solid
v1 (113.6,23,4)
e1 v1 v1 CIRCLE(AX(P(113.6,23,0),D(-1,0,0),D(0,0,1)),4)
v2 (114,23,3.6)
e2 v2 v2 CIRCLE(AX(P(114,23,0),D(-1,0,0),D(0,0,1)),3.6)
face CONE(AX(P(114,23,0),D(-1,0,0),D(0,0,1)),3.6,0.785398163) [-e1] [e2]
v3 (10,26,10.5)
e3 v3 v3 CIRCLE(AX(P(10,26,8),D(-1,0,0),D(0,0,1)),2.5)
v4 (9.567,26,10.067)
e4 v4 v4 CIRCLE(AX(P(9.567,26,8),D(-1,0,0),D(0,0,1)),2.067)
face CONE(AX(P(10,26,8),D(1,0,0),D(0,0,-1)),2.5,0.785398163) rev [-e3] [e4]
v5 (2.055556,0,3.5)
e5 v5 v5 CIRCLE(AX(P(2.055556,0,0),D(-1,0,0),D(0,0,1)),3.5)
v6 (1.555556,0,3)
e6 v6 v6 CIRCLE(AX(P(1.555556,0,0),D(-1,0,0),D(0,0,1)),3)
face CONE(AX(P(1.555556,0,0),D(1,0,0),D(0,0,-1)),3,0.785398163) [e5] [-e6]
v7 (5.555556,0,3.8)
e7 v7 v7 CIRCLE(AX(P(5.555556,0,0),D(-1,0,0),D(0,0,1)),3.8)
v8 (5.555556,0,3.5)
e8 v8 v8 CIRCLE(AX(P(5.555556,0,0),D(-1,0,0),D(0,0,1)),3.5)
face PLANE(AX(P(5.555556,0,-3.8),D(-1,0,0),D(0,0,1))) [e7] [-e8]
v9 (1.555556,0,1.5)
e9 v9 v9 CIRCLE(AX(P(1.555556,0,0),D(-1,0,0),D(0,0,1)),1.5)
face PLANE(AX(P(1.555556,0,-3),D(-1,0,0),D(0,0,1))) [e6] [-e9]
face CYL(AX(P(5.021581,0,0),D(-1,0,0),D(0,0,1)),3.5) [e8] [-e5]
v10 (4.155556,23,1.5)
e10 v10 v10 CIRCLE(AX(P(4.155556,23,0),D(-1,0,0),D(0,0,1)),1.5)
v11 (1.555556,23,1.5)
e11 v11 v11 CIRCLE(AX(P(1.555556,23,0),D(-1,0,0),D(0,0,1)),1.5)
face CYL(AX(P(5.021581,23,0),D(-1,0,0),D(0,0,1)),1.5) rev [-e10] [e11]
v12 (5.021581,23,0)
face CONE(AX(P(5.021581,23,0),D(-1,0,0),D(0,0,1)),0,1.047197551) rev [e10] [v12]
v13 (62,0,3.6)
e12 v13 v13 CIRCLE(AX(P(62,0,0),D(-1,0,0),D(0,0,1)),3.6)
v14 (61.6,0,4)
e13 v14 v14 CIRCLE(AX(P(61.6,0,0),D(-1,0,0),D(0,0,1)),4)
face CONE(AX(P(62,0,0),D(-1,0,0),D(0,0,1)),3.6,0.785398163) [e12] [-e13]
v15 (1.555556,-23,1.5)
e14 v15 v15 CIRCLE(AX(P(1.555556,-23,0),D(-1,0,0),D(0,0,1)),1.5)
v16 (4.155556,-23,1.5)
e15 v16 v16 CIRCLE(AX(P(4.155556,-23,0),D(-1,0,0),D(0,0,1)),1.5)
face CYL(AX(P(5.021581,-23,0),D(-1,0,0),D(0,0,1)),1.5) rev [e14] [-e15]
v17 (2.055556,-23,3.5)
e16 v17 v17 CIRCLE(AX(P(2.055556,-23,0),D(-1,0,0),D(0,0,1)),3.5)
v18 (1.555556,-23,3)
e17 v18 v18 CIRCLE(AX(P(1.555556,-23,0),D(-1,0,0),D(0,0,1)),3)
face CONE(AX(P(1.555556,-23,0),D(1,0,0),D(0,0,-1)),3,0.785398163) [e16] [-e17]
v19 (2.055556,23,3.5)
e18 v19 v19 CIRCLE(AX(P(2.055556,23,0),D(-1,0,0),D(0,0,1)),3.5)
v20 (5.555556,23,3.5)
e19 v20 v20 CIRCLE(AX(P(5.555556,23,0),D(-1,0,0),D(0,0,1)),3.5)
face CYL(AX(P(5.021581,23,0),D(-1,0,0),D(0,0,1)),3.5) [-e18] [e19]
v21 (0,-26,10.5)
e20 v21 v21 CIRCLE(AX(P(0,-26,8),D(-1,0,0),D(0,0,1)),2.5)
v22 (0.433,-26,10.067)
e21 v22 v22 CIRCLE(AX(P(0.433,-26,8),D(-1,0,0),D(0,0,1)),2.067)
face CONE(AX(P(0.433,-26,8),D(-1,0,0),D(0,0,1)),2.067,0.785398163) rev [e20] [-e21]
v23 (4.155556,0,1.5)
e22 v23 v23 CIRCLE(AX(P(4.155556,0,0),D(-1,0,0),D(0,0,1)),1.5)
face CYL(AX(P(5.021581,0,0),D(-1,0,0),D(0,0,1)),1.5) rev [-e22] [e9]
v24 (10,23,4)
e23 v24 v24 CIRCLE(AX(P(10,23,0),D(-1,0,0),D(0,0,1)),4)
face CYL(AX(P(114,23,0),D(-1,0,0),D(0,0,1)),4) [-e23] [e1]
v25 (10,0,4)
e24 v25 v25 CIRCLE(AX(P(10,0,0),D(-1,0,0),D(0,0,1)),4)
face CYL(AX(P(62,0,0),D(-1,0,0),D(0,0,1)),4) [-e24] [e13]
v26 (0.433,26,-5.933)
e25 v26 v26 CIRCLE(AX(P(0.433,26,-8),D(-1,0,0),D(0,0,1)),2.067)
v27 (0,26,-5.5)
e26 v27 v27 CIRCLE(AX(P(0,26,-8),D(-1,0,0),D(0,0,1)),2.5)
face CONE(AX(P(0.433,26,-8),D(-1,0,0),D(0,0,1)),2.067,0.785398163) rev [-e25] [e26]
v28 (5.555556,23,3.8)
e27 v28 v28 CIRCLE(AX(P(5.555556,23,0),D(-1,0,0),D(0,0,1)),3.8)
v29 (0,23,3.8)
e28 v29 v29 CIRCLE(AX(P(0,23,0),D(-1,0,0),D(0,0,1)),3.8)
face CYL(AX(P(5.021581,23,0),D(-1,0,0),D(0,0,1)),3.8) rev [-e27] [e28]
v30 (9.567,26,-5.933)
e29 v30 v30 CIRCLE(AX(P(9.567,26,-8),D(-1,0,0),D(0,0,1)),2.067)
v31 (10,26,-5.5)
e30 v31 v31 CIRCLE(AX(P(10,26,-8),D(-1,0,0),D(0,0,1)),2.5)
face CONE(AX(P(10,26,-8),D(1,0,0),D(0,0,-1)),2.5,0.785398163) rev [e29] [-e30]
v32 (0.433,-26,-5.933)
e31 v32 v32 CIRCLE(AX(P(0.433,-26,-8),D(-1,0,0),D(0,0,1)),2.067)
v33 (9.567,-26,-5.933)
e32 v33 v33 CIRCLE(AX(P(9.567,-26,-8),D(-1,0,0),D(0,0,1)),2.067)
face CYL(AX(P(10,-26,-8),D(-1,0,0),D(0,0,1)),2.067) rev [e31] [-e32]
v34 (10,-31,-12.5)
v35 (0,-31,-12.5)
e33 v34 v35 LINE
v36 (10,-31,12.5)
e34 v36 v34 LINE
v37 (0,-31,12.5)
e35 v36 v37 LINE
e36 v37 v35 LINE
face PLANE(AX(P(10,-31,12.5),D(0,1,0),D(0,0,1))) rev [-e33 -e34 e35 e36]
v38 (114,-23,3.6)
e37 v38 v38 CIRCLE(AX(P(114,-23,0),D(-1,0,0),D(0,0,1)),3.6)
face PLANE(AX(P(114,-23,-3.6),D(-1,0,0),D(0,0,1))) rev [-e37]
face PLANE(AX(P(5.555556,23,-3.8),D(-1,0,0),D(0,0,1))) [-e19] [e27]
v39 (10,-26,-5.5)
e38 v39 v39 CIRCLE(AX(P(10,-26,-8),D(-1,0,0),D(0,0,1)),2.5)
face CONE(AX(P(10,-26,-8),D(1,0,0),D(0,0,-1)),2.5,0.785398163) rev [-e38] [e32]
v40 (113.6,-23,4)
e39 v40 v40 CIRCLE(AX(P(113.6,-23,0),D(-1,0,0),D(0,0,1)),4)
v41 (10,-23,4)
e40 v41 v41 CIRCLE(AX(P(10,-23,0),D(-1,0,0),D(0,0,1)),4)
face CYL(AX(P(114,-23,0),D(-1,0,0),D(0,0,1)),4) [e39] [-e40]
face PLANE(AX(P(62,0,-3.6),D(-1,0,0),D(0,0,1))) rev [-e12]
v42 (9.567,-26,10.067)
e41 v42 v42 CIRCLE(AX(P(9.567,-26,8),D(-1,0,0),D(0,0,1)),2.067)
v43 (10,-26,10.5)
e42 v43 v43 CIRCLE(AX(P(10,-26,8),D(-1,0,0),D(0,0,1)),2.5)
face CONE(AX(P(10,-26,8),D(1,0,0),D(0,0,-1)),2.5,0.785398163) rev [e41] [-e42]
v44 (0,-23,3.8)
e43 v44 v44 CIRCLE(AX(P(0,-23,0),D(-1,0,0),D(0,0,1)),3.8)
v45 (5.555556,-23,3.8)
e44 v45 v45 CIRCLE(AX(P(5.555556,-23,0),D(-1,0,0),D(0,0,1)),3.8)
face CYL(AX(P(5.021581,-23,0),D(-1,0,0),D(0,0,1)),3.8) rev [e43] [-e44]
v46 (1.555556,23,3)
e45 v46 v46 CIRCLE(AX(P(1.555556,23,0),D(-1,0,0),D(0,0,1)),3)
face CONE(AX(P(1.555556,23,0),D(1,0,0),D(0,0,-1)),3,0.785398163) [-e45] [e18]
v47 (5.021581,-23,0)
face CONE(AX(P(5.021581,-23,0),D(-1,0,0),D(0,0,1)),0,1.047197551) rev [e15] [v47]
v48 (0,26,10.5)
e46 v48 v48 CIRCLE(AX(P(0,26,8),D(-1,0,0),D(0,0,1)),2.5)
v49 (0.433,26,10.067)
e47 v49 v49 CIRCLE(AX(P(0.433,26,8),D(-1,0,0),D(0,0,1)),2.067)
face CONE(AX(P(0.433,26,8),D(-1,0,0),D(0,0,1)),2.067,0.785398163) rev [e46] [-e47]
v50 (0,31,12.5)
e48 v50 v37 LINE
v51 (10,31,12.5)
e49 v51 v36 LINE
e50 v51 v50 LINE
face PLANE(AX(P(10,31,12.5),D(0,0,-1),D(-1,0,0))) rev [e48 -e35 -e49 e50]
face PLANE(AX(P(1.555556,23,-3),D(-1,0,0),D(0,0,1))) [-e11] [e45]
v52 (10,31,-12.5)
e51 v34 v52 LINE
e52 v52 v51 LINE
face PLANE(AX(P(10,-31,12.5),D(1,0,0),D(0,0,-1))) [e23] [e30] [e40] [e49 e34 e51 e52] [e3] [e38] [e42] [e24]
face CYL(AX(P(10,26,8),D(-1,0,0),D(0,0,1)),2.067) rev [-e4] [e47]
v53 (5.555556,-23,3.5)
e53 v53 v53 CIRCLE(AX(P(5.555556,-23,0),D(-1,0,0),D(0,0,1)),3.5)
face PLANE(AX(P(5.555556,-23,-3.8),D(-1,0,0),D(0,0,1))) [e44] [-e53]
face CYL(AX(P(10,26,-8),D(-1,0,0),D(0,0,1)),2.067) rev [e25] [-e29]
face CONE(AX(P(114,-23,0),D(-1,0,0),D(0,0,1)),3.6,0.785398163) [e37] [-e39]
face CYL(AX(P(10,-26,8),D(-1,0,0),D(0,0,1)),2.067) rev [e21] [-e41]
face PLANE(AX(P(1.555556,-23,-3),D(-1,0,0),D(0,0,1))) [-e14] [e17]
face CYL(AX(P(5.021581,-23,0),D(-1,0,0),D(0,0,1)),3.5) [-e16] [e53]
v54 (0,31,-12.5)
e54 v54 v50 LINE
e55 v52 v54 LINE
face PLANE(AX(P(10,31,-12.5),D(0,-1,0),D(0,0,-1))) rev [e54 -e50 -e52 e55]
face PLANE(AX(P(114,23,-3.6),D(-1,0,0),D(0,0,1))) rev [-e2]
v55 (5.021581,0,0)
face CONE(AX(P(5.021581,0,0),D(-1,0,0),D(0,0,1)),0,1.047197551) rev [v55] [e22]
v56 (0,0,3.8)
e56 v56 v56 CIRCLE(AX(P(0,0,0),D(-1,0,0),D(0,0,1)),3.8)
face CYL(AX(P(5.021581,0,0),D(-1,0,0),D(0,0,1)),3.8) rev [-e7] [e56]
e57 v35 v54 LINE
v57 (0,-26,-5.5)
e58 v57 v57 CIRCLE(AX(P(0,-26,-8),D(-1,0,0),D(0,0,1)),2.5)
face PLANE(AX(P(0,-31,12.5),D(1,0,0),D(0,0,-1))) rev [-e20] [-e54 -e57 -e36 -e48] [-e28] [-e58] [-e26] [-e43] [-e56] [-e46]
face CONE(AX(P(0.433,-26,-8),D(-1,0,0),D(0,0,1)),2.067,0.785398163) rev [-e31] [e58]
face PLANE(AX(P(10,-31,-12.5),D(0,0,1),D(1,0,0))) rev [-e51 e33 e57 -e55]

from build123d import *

# Parameters (mm, degrees)
SKETCH1_W           = 25
SKETCH1_H           = 62
BOSS_EXTRUDE1_DEPTH = 10


with BuildPart() as part:
    # Sketch1 → Boss-Extrude1 (new body)
    with BuildSketch(Plane(origin=(0, 0, 0), x_dir=(0, 0, -1), z_dir=(1, 0, 0))):
        Rectangle(SKETCH1_W, SKETCH1_H)
    extrude(amount=BOSS_EXTRUDE1_DEPTH)

    # Sketch2 → Cut-Revolve1 (revolve, cut)
    with BuildSketch(Plane(origin=(0, 26, 0), x_dir=(-1, 0, 0), z_dir=(0, 1, 0))):
        Polygon((0, -8), (0, -10.5), (-0.433, -10.067), (-9.567, -10.067), (-10, -10.5), (-10, -8), align=None)
    revolve(axis=Axis((10, 26, -8), (-1, 0, 0)), mode=Mode.SUBTRACT)

    # Sketch3 → Cut-Revolve2 (revolve, cut)
    with BuildSketch(Plane(origin=(0, -26, 0), x_dir=(-1, 0, 0), z_dir=(0, 1, 0))):
        Polygon((0, -8), (0, -10.5), (-0.433, -10.067), (-9.567, -10.067), (-10, -10.5), (-10, -8), align=None)
    revolve(axis=Axis((10, -26, -8), (-1, 0, 0)), mode=Mode.SUBTRACT)

    # Sketch4 → Cut-Revolve3 (revolve, cut)
    with BuildSketch(Plane(origin=(0, -26, 0), x_dir=(-1, 0, 0), z_dir=(0, 1, 0))):
        Polygon((0, 8), (0, 5.5), (-0.433, 5.933), (-9.567, 5.933), (-10, 5.5), (-10, 8), align=None)
    revolve(axis=Axis((10, -26, 8), (-1, 0, 0)), mode=Mode.SUBTRACT)

    # Sketch5 → Cut-Revolve4 (revolve, cut)
    with BuildSketch(Plane(origin=(0, 26, 0), x_dir=(-1, 0, 0), z_dir=(0, 1, 0))):
        Polygon((0, 8), (0, 5.5), (-0.433, 5.933), (-9.567, 5.933), (-10, 5.5), (-10, 8), align=None)
    revolve(axis=Axis((10, 26, 8), (-1, 0, 0)), mode=Mode.SUBTRACT)

    # Sketch6 → Cut-Revolve5 (revolve, cut)
    with BuildSketch(Plane(origin=(0, 23, 0), x_dir=(-1, 0, 0), z_dir=(0, 1, 0))):
        Polygon((0, 0), (0, -3.8), (-5.555555556, -3.8), (-5.555555556, -3.5), (-2.055555556, -3.5), (-1.555555556, -3), (-1.555555556, -1.5), (-4.155555556, -1.5), (-5.021580959, 0), align=None)
    revolve(axis=Axis((5.021580959, 23, 0), (-1, 0, 0)), mode=Mode.SUBTRACT)

    # Sketch7 → Cut-Revolve6 (revolve, cut)
    with BuildSketch(Plane(origin=(0, 0, 0), x_dir=(-1, 0, 0), z_dir=(0, 1, 0))):
        Polygon((0, 0), (0, -3.8), (-5.555555556, -3.8), (-5.555555556, -3.5), (-2.055555556, -3.5), (-1.555555556, -3), (-1.555555556, -1.5), (-4.155555556, -1.5), (-5.021580959, 0), align=None)
    revolve(axis=Axis((5.021580959, 0, 0), (-1, 0, 0)), mode=Mode.SUBTRACT)

    # Sketch8 → Cut-Revolve7 (revolve, cut)
    with BuildSketch(Plane(origin=(0, -23, 0), x_dir=(-1, 0, 0), z_dir=(0, 1, 0))):
        Polygon((0, 0), (0, -3.8), (-5.555555556, -3.8), (-5.555555556, -3.5), (-2.055555556, -3.5), (-1.555555556, -3), (-1.555555556, -1.5), (-4.155555556, -1.5), (-5.021580959, 0), align=None)
    revolve(axis=Axis((5.021580959, -23, 0), (-1, 0, 0)), mode=Mode.SUBTRACT)

    # Sketch9 → Revolve1 (revolve)
    with BuildSketch(Plane(origin=(0, 0, 0), x_dir=(-1, 0, 0), z_dir=(0, 1, 0))):
        Polygon((-10, 0), (-10, -4), (-61.6, -4), (-62, -3.6), (-62, 0), align=None)
    revolve(axis=Axis((62, 0, 0), (-1, 0, 0)))

    # Sketch10 → Revolve2 (revolve)
    with BuildSketch(Plane(origin=(0, -23, 0), x_dir=(-1, 0, 0), z_dir=(0, 1, 0))):
        Polygon((-10, 0), (-10, -4), (-113.6, -4), (-114, -3.6), (-114, 0), align=None)
    revolve(axis=Axis((114, -23, 0), (-1, 0, 0)))

    # Sketch11 → Revolve3 (revolve)
    with BuildSketch(Plane(origin=(0, 23, 0), x_dir=(-1, 0, 0), z_dir=(0, 1, 0))):
        Polygon((-10, 0), (-10, -4), (-113.6, -4), (-114, -3.6), (-114, 0), align=None)
    revolve(axis=Axis((114, 23, 0), (-1, 0, 0)))


solid = part.part
